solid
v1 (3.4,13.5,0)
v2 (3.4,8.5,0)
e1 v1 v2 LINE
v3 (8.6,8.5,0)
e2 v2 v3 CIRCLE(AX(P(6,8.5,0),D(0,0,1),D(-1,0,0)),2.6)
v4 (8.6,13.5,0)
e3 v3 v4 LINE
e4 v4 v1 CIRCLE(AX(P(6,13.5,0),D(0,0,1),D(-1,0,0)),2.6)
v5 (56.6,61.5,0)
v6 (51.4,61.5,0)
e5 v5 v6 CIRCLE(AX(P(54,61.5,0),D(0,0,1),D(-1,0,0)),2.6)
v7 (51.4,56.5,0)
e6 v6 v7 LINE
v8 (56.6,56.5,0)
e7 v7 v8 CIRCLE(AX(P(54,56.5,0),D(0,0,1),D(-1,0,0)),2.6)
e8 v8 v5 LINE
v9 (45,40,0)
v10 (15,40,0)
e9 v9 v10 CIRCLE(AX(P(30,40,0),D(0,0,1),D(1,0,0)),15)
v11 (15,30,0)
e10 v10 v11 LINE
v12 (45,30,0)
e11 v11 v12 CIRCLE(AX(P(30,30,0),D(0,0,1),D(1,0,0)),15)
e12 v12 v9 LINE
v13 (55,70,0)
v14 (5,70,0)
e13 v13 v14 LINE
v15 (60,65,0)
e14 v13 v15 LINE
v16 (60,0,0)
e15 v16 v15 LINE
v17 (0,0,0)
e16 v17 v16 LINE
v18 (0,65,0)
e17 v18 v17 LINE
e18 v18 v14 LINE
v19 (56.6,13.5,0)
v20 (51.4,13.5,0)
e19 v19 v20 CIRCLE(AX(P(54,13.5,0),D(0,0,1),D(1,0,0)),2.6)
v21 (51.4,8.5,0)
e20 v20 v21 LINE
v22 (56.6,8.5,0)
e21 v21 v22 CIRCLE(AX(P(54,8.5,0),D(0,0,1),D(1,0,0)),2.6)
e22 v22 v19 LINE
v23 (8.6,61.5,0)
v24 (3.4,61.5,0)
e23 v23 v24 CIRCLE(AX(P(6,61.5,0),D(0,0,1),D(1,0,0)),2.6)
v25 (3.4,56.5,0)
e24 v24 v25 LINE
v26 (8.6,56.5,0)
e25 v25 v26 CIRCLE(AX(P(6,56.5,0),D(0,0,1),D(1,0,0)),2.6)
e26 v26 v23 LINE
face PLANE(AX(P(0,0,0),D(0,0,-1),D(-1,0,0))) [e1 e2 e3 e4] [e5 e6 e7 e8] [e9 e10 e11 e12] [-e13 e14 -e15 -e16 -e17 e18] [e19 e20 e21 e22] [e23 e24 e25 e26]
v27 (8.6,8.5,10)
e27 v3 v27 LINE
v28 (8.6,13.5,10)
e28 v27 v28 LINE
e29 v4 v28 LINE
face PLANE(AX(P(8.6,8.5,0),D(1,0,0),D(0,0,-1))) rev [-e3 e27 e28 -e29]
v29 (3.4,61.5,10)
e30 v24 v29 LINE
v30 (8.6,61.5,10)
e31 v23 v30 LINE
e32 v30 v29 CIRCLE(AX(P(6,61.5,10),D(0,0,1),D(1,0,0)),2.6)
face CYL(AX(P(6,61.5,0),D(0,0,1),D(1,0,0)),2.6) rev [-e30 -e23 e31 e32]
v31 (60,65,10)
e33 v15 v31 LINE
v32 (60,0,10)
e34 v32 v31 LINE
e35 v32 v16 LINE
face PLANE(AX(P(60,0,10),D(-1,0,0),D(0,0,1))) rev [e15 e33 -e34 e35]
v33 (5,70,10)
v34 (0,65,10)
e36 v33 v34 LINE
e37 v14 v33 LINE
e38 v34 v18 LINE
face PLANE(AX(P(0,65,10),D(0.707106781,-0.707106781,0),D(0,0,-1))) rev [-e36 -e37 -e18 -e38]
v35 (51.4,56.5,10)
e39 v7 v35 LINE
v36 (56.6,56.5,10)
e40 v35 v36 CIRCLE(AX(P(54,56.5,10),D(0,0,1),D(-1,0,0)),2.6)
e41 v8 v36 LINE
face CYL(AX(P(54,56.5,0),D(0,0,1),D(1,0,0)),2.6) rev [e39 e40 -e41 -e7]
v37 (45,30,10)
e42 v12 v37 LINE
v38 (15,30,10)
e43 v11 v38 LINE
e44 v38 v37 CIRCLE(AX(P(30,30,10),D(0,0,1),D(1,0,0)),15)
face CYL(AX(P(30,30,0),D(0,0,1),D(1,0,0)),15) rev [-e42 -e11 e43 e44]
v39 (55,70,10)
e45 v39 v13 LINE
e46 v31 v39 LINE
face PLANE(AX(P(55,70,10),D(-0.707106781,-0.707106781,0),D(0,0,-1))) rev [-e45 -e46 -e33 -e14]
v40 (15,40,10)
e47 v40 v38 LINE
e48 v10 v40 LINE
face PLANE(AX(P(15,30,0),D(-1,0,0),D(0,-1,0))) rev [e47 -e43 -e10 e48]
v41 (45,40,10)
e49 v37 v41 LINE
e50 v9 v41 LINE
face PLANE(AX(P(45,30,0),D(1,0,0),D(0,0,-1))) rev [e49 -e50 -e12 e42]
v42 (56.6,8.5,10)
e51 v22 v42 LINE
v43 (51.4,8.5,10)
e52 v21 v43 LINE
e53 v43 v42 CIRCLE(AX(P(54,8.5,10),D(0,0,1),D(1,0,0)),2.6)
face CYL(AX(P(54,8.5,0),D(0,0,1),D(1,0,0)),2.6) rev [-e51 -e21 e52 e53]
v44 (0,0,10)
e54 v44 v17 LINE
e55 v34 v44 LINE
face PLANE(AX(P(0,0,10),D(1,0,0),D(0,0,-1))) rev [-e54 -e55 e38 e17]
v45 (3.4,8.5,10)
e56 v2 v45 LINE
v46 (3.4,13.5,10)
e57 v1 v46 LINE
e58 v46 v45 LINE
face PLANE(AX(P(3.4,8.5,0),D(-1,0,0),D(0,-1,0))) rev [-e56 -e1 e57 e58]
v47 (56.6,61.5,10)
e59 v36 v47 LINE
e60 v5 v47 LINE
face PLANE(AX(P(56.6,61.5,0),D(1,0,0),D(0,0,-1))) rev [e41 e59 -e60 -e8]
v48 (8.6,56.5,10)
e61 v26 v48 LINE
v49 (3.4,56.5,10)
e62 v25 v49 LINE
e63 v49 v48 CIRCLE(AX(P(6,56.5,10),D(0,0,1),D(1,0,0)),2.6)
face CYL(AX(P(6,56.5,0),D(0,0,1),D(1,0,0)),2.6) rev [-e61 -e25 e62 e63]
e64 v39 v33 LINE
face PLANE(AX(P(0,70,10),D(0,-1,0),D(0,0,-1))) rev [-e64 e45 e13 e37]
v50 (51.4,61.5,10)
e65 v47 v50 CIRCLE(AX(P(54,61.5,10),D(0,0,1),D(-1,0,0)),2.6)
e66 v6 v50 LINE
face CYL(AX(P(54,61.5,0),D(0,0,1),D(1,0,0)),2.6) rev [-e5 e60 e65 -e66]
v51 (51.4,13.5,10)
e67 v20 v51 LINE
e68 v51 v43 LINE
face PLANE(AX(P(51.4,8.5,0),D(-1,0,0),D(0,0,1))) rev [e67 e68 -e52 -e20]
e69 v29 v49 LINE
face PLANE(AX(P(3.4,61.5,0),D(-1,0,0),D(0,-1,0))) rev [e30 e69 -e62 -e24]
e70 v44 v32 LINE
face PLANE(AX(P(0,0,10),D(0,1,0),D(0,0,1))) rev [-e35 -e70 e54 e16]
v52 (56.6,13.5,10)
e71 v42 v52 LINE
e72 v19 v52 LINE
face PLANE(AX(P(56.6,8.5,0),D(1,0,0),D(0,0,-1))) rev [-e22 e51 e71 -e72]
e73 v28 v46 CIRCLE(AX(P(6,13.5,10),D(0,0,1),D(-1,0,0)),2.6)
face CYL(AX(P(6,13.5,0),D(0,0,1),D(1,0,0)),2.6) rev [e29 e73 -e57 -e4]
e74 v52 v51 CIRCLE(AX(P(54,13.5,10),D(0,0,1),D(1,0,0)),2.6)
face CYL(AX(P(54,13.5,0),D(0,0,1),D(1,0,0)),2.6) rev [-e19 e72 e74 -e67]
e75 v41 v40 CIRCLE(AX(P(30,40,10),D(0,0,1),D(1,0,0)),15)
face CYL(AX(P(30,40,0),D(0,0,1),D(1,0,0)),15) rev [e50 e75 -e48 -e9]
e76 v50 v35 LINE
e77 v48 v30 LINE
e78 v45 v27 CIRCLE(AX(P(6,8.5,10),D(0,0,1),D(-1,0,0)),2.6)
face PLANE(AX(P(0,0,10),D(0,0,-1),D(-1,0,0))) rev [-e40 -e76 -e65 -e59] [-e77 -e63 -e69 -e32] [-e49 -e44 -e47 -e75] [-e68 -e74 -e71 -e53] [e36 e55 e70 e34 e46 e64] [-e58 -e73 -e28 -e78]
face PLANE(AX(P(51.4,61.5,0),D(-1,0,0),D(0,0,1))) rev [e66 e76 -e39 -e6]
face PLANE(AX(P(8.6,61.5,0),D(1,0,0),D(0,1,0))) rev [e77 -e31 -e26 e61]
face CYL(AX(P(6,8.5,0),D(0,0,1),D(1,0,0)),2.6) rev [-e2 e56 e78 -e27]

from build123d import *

# Parameters (mm, degrees)
ESQUISSE1_W             = 60
ESQUISSE1_H             = 70
BOSS_EXTRU_1_DEPTH      = 10
ENL_V_MAT_EXTRU_1_DEPTH = 10
CHANFREIN1_SIZE         = 5


with BuildPart() as part:
    # Esquisse1 → Boss.-Extru.1 (new body)
    with BuildSketch(Plane.XY):
        with Locations((30, 35)):
            Rectangle(ESQUISSE1_W, ESQUISSE1_H)
    extrude(amount=BOSS_EXTRU_1_DEPTH)

    # Esquisse2 → Enlèv. mat.-Extru.1 (cut)
    with BuildSketch(Plane.XY.offset(10)):
        with BuildLine():
            Line((8.6, 61.5), (8.6, 56.5))
            ThreePointArc((8.6, 56.5), (6, 53.9), (3.4, 56.5))
            Line((3.4, 56.5), (3.4, 61.5))
            ThreePointArc((3.4, 61.5), (6, 64.1), (8.6, 61.5))
        make_face()
        with BuildLine():
            Line((51.4, 61.5), (51.4, 56.5))
            ThreePointArc((51.4, 56.5), (54, 53.9), (56.6, 56.5))
            Line((56.6, 56.5), (56.6, 61.5))
            ThreePointArc((56.6, 61.5), (54, 64.1), (51.4, 61.5))
        make_face()
        with BuildLine():
            Line((51.4, 8.5), (51.4, 13.5))
            ThreePointArc((51.4, 13.5), (54, 16.1), (56.6, 13.5))
            Line((56.6, 13.5), (56.6, 8.5))
            ThreePointArc((56.6, 8.5), (54, 5.9), (51.4, 8.5))
        make_face()
        with BuildLine():
            Line((8.6, 8.5), (8.6, 13.5))
            ThreePointArc((8.6, 13.5), (6, 16.1), (3.4, 13.5))
            Line((3.4, 13.5), (3.4, 8.5))
            ThreePointArc((3.4, 8.5), (6, 5.9), (8.6, 8.5))
        make_face()
        with BuildLine():
            Line((15, 30), (15, 40))
            ThreePointArc((15, 40), (30, 55), (45, 40))
            Line((45, 40), (45, 30))
            ThreePointArc((45, 30), (30, 15), (15, 30))
        make_face()
    extrude(amount=-ENL_V_MAT_EXTRU_1_DEPTH, mode=Mode.SUBTRACT)

    # Chanfrein1
    chanfrein1_edges = [part.edges().sort_by_distance(p)[0] for p in [
        (0, 70, 5),
        (60, 70, 5),
    ]]
    chamfer(chanfrein1_edges, length=CHANFREIN1_SIZE)


solid = part.part
